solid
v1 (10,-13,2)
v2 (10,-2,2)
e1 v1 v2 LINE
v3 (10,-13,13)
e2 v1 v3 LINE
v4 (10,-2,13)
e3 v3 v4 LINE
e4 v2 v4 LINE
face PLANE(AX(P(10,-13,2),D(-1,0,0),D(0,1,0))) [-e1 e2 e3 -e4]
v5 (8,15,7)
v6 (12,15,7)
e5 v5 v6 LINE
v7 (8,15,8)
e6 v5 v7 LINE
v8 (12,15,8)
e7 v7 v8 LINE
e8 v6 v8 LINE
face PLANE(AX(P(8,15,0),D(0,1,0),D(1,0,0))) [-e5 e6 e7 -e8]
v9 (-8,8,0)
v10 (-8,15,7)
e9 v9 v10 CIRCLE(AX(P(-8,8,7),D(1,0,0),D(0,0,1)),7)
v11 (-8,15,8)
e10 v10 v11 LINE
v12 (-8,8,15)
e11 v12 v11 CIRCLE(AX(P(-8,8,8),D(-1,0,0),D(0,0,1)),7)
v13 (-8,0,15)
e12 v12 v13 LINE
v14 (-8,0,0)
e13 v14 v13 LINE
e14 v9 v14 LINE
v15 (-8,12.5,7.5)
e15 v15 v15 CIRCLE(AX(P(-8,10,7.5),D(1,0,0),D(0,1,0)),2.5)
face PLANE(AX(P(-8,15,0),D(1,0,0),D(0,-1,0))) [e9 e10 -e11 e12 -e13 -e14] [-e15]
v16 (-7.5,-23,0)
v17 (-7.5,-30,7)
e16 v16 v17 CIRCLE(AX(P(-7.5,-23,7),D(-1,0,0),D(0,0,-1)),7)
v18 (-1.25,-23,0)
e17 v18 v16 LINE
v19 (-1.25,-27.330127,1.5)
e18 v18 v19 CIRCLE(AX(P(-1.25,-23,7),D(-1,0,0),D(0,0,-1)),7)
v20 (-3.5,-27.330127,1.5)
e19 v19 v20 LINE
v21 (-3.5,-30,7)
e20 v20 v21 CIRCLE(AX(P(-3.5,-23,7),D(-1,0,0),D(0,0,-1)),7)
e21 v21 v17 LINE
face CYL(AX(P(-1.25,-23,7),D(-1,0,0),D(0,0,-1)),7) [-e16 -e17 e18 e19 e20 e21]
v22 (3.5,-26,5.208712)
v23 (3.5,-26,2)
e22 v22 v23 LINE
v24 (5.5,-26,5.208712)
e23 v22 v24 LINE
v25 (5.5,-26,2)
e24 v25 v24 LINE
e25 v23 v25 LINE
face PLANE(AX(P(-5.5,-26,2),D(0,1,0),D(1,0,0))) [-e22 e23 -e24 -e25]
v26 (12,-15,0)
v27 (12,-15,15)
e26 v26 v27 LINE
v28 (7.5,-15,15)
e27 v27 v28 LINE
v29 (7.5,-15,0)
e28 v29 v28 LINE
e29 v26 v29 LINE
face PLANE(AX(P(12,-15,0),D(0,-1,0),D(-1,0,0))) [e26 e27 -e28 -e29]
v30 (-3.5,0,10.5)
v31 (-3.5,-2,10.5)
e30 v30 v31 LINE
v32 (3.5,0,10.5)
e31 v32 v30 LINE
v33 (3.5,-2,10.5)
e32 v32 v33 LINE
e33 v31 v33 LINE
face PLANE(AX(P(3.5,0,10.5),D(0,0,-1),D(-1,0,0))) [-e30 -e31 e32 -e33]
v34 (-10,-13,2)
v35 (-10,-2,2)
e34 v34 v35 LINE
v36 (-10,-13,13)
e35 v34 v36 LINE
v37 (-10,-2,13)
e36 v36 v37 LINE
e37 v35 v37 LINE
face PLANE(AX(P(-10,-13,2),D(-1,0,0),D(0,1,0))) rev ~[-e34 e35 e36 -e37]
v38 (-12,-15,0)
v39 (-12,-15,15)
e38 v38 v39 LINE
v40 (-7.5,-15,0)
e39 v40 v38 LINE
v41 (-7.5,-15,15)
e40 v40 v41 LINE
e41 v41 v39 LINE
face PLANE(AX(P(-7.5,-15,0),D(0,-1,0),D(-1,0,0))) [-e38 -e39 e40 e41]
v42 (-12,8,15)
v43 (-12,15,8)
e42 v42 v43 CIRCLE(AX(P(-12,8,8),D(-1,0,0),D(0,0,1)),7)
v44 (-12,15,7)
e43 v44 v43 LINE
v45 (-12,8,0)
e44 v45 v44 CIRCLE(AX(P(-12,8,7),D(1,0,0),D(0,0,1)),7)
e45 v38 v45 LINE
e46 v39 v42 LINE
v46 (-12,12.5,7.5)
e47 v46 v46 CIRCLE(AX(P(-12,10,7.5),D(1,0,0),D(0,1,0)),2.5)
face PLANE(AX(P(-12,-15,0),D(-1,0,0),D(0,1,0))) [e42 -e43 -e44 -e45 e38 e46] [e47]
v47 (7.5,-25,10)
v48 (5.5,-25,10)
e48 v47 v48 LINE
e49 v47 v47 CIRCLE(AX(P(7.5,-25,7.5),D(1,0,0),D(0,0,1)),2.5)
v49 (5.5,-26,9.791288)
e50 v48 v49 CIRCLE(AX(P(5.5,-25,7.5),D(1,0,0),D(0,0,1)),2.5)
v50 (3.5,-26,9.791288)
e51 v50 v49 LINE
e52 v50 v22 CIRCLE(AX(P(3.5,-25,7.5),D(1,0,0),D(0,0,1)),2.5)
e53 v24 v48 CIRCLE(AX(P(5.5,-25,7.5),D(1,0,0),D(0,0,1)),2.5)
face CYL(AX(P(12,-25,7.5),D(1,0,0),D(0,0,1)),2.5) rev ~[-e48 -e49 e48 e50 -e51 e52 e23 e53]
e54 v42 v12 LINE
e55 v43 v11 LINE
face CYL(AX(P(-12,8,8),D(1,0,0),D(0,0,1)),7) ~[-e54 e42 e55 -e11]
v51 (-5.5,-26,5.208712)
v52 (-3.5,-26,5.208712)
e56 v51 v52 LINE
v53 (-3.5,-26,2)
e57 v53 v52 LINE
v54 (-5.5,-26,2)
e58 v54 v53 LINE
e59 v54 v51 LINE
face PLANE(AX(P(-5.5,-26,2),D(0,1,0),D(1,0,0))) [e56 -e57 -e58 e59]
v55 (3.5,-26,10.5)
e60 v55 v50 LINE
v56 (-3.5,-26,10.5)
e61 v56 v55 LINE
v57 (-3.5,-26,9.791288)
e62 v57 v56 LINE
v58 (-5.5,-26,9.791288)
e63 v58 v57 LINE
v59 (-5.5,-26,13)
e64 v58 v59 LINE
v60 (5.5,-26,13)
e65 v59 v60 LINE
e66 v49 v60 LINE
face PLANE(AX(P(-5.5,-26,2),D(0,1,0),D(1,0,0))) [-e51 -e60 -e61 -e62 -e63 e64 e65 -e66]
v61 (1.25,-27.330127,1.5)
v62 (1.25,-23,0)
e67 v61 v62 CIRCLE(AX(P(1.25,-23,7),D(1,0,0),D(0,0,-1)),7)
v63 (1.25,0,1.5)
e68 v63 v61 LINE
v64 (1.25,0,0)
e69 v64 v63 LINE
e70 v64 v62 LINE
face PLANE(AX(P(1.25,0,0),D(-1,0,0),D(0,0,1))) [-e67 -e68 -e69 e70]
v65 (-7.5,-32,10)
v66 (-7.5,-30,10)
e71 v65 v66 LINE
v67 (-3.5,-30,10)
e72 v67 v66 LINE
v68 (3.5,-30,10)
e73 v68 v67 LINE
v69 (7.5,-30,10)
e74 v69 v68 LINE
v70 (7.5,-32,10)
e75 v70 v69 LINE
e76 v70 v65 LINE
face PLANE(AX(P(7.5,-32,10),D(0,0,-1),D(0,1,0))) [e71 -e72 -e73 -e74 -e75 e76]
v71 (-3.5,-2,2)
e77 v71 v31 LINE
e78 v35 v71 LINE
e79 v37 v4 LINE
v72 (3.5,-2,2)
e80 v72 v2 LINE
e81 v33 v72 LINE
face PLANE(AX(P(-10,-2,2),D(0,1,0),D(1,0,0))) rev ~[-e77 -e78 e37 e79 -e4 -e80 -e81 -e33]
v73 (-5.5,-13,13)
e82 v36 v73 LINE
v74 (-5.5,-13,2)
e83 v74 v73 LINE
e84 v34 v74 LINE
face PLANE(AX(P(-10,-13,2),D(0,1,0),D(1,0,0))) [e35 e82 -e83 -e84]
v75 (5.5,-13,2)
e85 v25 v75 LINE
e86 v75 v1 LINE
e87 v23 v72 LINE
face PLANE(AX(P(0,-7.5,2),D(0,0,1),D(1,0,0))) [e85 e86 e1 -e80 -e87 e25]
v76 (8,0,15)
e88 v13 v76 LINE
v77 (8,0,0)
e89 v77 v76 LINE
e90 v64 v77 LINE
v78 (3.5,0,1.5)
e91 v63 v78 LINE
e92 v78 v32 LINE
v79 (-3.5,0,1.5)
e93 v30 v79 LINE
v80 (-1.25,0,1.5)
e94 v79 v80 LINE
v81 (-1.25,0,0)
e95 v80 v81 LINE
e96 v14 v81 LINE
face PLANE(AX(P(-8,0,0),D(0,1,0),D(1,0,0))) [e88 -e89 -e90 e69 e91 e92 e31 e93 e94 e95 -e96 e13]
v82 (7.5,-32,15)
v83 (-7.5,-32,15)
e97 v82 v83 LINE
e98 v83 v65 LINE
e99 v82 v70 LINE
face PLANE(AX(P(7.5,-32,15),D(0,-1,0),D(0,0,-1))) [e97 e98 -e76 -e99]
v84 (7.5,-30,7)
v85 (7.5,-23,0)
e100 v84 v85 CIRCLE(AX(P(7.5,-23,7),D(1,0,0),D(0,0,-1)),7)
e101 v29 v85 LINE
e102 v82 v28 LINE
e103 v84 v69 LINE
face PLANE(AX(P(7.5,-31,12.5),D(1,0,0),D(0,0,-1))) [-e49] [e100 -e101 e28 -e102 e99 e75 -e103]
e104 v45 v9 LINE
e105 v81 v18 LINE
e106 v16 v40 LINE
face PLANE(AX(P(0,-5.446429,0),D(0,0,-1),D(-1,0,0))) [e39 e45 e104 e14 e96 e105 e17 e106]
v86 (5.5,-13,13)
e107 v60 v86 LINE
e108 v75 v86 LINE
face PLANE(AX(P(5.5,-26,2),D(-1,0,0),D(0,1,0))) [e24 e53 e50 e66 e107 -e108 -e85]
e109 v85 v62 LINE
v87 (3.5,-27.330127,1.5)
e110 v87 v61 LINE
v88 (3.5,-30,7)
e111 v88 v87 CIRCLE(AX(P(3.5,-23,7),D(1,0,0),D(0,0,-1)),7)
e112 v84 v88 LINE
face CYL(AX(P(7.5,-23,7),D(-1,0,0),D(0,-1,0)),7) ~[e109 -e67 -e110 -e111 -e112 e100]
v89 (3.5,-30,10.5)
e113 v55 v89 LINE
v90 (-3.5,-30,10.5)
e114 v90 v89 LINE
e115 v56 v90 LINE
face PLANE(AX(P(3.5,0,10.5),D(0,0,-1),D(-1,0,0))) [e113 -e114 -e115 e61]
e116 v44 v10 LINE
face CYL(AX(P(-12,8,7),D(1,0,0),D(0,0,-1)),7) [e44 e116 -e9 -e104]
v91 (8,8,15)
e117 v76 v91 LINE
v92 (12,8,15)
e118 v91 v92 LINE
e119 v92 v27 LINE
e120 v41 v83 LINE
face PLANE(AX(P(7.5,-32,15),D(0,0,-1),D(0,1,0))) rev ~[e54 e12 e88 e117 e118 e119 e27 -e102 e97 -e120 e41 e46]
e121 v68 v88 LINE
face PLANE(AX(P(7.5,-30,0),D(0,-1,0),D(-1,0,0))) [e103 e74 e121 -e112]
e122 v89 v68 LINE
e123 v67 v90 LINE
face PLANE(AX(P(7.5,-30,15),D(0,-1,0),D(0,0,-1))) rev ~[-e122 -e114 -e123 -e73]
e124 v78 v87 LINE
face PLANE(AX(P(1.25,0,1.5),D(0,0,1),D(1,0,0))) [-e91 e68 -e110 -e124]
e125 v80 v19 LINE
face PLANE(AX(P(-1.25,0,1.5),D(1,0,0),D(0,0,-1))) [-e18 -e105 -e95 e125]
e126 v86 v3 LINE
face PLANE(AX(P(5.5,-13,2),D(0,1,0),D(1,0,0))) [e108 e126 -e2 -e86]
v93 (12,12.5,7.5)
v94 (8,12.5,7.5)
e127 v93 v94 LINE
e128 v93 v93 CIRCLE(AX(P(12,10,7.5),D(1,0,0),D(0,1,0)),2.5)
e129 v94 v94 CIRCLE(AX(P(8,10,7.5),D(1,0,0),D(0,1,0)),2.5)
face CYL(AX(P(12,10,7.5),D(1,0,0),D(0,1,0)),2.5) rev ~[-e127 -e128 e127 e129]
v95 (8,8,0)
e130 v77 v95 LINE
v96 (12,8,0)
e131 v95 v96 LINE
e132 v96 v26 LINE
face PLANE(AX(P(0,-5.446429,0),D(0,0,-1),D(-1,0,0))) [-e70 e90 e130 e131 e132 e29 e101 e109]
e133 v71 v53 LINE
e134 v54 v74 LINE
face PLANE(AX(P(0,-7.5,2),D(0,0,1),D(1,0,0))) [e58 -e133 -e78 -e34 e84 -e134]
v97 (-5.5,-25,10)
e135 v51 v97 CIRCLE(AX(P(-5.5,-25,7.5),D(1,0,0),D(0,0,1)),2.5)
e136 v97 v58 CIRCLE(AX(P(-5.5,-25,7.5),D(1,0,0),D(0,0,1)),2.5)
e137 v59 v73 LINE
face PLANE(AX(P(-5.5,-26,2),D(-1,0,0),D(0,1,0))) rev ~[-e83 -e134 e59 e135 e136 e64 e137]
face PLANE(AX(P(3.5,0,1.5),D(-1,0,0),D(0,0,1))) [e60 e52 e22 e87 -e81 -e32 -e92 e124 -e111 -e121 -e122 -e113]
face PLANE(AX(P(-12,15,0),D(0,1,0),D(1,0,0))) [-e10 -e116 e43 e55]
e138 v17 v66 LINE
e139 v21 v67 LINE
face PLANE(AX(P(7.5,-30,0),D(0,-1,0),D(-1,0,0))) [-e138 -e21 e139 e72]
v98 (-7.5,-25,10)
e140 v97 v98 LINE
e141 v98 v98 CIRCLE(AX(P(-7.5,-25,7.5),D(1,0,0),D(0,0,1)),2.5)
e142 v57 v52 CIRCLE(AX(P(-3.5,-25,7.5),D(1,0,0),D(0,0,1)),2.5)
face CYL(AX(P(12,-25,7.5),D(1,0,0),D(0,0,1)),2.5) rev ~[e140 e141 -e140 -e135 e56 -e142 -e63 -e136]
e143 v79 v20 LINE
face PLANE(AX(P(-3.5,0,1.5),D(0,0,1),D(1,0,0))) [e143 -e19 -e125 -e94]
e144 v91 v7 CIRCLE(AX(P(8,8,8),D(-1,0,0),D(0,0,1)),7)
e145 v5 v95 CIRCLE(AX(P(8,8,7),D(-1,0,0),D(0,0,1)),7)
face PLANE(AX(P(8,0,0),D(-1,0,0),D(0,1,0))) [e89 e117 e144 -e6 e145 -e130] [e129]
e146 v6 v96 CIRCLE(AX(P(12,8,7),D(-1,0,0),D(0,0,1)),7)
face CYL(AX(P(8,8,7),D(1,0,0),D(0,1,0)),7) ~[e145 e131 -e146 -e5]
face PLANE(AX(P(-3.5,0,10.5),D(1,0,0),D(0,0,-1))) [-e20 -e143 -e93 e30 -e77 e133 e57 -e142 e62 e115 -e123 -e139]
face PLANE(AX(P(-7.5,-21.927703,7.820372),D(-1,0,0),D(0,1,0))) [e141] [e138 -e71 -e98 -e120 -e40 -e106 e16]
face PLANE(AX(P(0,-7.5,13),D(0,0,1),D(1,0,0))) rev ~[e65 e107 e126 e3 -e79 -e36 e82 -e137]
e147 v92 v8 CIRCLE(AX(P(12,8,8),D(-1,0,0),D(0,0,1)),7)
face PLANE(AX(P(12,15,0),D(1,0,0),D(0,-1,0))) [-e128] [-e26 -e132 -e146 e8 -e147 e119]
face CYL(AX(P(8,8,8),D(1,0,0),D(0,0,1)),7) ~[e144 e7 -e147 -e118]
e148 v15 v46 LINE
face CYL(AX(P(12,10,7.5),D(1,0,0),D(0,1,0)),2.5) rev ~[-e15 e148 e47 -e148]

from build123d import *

# Parameters (mm, degrees)
SKETCH1_W           = 20
SKETCH1_H           = 11
SKETCH1_W_2         = 11
SKETCH1_H_2         = 13
BOSS_EXTRUDE1_DEPTH = 15
SKETCH2_R           = 2.5
CUT_EXTRUDE1_DEPTH  = 36
CUT_EXTRUDE2_DEPTH  = 36
CUT_EXTRUDE3_START  = 2
SKETCH1_3_W         = 20
SKETCH1_3_H         = 11
SKETCH1_3_W_2       = 11
SKETCH1_3_H_2       = 13
CUT_EXTRUDE3_DEPTH  = 11
FILLET4_R           = 7
BOSS_EXTRUDE2_REACH = 40.798
SKETCH5_W           = 5
SKETCH5_H           = 2


with BuildPart() as part:
    # Sketch1 → Boss-Extrude1 (new body)
    # profile 1 of 3: a face of its own
    with BuildSketch(Plane.XY):
        Polygon((-12, -15), (-12, 15), (-8, 15), (-8, 0), (8, 0), (8, 15), (12, 15), (12, -15), (7.5, -15), (7.5, -30), (-7.5, -30), (-7.5, -15), align=None)
        with Locations((0, -7.5)):
            Rectangle(SKETCH1_W, SKETCH1_H, mode=Mode.SUBTRACT)
    # profile 2 of 3: a face of its own
    with BuildSketch(Plane.XY):
        with Locations((0, -7.5)):
            Rectangle(SKETCH1_W, SKETCH1_H)
    # profile 3 of 3: a face of its own
    with BuildSketch(Plane.XY):
        with Locations((0, -19.5)):
            Rectangle(SKETCH1_W_2, SKETCH1_H_2)
    extrude(amount=BOSS_EXTRUDE1_DEPTH)

    # Sketch2 → Cut-Extrude1 (cut)
    with BuildSketch(Plane(origin=(12, 0, 0), x_dir=(0, 0, -1), z_dir=(1, 0, 0))):
        with Locations(Location((-7.5, 10, 0), (0, 0, 90))):
            Circle(SKETCH2_R)
        with Locations(Location((-7.5, -25, 0), (0, 0, 180))):
            Circle(SKETCH2_R)
    extrude(amount=-CUT_EXTRUDE1_DEPTH, mode=Mode.SUBTRACT)

    # Sketch3 → Cut-Extrude2 (cut)
    with BuildSketch(Plane(origin=(0, 0, 0), x_dir=(1, 0, 0), z_dir=(0, 1, 0))):
        Polygon((-1.25, 0), (1.25, 0), (1.25, -1.5), (3.5, -1.5), (3.5, -10.5), (-3.5, -10.5), (-3.5, -1.5), (-1.25, -1.5), align=None)
    extrude(amount=-CUT_EXTRUDE2_DEPTH, mode=Mode.SUBTRACT)

    # Sketch1<3> → Cut-Extrude3 (cut)
    with BuildSketch(Plane.XY.offset(CUT_EXTRUDE3_START)):
        with Locations((0, -7.5)):
            Rectangle(SKETCH1_3_W, SKETCH1_3_H)
        with Locations((0, -19.5)):
            Rectangle(SKETCH1_3_W_2, SKETCH1_3_H_2)
    extrude(amount=CUT_EXTRUDE3_DEPTH, mode=Mode.SUBTRACT)

    # Fillet4
    fillet4_edges = [part.edges().sort_by_distance(p)[0] for p in [
        (10, 15, 15),
        (10, 15, 0),
        (-10, 15, 15),
        (-10, 15, 0),
        (4.375, -30, 0),
        (-4.375, -30, 0),
    ]]
    fillet(fillet4_edges, radius=FILLET4_R)

    # Boss-Extrude2: up to this face of the body (flat: up to its plane)
    boss_extrude2_end = Plane(part.part.faces().sort_by_distance((-7.5, -21.9277031, 7.820372358))[0])
    # Sketch5 → Boss-Extrude2 (add, up to the picked face)
    with BuildSketch(Plane(origin=(7.5, 0, 0), x_dir=(0, 0, -1), z_dir=(1, 0, 0)), mode=Mode.PRIVATE) as boss_extrude2_sk1:
        with Locations((-12.5, -31)):
            Rectangle(SKETCH5_W, SKETCH5_H)
    boss_extrude2_tool1 = split(extrude(boss_extrude2_sk1.sketch, amount=-BOSS_EXTRUDE2_REACH, mode=Mode.PRIVATE), bisect_by=boss_extrude2_end, keep=Keep.BOTH, mode=Mode.PRIVATE)
    add(boss_extrude2_tool1.solids().sort_by(Axis((7.5, -31, 12.5), (-1, 0, 0)))[0])


solid = part.part
